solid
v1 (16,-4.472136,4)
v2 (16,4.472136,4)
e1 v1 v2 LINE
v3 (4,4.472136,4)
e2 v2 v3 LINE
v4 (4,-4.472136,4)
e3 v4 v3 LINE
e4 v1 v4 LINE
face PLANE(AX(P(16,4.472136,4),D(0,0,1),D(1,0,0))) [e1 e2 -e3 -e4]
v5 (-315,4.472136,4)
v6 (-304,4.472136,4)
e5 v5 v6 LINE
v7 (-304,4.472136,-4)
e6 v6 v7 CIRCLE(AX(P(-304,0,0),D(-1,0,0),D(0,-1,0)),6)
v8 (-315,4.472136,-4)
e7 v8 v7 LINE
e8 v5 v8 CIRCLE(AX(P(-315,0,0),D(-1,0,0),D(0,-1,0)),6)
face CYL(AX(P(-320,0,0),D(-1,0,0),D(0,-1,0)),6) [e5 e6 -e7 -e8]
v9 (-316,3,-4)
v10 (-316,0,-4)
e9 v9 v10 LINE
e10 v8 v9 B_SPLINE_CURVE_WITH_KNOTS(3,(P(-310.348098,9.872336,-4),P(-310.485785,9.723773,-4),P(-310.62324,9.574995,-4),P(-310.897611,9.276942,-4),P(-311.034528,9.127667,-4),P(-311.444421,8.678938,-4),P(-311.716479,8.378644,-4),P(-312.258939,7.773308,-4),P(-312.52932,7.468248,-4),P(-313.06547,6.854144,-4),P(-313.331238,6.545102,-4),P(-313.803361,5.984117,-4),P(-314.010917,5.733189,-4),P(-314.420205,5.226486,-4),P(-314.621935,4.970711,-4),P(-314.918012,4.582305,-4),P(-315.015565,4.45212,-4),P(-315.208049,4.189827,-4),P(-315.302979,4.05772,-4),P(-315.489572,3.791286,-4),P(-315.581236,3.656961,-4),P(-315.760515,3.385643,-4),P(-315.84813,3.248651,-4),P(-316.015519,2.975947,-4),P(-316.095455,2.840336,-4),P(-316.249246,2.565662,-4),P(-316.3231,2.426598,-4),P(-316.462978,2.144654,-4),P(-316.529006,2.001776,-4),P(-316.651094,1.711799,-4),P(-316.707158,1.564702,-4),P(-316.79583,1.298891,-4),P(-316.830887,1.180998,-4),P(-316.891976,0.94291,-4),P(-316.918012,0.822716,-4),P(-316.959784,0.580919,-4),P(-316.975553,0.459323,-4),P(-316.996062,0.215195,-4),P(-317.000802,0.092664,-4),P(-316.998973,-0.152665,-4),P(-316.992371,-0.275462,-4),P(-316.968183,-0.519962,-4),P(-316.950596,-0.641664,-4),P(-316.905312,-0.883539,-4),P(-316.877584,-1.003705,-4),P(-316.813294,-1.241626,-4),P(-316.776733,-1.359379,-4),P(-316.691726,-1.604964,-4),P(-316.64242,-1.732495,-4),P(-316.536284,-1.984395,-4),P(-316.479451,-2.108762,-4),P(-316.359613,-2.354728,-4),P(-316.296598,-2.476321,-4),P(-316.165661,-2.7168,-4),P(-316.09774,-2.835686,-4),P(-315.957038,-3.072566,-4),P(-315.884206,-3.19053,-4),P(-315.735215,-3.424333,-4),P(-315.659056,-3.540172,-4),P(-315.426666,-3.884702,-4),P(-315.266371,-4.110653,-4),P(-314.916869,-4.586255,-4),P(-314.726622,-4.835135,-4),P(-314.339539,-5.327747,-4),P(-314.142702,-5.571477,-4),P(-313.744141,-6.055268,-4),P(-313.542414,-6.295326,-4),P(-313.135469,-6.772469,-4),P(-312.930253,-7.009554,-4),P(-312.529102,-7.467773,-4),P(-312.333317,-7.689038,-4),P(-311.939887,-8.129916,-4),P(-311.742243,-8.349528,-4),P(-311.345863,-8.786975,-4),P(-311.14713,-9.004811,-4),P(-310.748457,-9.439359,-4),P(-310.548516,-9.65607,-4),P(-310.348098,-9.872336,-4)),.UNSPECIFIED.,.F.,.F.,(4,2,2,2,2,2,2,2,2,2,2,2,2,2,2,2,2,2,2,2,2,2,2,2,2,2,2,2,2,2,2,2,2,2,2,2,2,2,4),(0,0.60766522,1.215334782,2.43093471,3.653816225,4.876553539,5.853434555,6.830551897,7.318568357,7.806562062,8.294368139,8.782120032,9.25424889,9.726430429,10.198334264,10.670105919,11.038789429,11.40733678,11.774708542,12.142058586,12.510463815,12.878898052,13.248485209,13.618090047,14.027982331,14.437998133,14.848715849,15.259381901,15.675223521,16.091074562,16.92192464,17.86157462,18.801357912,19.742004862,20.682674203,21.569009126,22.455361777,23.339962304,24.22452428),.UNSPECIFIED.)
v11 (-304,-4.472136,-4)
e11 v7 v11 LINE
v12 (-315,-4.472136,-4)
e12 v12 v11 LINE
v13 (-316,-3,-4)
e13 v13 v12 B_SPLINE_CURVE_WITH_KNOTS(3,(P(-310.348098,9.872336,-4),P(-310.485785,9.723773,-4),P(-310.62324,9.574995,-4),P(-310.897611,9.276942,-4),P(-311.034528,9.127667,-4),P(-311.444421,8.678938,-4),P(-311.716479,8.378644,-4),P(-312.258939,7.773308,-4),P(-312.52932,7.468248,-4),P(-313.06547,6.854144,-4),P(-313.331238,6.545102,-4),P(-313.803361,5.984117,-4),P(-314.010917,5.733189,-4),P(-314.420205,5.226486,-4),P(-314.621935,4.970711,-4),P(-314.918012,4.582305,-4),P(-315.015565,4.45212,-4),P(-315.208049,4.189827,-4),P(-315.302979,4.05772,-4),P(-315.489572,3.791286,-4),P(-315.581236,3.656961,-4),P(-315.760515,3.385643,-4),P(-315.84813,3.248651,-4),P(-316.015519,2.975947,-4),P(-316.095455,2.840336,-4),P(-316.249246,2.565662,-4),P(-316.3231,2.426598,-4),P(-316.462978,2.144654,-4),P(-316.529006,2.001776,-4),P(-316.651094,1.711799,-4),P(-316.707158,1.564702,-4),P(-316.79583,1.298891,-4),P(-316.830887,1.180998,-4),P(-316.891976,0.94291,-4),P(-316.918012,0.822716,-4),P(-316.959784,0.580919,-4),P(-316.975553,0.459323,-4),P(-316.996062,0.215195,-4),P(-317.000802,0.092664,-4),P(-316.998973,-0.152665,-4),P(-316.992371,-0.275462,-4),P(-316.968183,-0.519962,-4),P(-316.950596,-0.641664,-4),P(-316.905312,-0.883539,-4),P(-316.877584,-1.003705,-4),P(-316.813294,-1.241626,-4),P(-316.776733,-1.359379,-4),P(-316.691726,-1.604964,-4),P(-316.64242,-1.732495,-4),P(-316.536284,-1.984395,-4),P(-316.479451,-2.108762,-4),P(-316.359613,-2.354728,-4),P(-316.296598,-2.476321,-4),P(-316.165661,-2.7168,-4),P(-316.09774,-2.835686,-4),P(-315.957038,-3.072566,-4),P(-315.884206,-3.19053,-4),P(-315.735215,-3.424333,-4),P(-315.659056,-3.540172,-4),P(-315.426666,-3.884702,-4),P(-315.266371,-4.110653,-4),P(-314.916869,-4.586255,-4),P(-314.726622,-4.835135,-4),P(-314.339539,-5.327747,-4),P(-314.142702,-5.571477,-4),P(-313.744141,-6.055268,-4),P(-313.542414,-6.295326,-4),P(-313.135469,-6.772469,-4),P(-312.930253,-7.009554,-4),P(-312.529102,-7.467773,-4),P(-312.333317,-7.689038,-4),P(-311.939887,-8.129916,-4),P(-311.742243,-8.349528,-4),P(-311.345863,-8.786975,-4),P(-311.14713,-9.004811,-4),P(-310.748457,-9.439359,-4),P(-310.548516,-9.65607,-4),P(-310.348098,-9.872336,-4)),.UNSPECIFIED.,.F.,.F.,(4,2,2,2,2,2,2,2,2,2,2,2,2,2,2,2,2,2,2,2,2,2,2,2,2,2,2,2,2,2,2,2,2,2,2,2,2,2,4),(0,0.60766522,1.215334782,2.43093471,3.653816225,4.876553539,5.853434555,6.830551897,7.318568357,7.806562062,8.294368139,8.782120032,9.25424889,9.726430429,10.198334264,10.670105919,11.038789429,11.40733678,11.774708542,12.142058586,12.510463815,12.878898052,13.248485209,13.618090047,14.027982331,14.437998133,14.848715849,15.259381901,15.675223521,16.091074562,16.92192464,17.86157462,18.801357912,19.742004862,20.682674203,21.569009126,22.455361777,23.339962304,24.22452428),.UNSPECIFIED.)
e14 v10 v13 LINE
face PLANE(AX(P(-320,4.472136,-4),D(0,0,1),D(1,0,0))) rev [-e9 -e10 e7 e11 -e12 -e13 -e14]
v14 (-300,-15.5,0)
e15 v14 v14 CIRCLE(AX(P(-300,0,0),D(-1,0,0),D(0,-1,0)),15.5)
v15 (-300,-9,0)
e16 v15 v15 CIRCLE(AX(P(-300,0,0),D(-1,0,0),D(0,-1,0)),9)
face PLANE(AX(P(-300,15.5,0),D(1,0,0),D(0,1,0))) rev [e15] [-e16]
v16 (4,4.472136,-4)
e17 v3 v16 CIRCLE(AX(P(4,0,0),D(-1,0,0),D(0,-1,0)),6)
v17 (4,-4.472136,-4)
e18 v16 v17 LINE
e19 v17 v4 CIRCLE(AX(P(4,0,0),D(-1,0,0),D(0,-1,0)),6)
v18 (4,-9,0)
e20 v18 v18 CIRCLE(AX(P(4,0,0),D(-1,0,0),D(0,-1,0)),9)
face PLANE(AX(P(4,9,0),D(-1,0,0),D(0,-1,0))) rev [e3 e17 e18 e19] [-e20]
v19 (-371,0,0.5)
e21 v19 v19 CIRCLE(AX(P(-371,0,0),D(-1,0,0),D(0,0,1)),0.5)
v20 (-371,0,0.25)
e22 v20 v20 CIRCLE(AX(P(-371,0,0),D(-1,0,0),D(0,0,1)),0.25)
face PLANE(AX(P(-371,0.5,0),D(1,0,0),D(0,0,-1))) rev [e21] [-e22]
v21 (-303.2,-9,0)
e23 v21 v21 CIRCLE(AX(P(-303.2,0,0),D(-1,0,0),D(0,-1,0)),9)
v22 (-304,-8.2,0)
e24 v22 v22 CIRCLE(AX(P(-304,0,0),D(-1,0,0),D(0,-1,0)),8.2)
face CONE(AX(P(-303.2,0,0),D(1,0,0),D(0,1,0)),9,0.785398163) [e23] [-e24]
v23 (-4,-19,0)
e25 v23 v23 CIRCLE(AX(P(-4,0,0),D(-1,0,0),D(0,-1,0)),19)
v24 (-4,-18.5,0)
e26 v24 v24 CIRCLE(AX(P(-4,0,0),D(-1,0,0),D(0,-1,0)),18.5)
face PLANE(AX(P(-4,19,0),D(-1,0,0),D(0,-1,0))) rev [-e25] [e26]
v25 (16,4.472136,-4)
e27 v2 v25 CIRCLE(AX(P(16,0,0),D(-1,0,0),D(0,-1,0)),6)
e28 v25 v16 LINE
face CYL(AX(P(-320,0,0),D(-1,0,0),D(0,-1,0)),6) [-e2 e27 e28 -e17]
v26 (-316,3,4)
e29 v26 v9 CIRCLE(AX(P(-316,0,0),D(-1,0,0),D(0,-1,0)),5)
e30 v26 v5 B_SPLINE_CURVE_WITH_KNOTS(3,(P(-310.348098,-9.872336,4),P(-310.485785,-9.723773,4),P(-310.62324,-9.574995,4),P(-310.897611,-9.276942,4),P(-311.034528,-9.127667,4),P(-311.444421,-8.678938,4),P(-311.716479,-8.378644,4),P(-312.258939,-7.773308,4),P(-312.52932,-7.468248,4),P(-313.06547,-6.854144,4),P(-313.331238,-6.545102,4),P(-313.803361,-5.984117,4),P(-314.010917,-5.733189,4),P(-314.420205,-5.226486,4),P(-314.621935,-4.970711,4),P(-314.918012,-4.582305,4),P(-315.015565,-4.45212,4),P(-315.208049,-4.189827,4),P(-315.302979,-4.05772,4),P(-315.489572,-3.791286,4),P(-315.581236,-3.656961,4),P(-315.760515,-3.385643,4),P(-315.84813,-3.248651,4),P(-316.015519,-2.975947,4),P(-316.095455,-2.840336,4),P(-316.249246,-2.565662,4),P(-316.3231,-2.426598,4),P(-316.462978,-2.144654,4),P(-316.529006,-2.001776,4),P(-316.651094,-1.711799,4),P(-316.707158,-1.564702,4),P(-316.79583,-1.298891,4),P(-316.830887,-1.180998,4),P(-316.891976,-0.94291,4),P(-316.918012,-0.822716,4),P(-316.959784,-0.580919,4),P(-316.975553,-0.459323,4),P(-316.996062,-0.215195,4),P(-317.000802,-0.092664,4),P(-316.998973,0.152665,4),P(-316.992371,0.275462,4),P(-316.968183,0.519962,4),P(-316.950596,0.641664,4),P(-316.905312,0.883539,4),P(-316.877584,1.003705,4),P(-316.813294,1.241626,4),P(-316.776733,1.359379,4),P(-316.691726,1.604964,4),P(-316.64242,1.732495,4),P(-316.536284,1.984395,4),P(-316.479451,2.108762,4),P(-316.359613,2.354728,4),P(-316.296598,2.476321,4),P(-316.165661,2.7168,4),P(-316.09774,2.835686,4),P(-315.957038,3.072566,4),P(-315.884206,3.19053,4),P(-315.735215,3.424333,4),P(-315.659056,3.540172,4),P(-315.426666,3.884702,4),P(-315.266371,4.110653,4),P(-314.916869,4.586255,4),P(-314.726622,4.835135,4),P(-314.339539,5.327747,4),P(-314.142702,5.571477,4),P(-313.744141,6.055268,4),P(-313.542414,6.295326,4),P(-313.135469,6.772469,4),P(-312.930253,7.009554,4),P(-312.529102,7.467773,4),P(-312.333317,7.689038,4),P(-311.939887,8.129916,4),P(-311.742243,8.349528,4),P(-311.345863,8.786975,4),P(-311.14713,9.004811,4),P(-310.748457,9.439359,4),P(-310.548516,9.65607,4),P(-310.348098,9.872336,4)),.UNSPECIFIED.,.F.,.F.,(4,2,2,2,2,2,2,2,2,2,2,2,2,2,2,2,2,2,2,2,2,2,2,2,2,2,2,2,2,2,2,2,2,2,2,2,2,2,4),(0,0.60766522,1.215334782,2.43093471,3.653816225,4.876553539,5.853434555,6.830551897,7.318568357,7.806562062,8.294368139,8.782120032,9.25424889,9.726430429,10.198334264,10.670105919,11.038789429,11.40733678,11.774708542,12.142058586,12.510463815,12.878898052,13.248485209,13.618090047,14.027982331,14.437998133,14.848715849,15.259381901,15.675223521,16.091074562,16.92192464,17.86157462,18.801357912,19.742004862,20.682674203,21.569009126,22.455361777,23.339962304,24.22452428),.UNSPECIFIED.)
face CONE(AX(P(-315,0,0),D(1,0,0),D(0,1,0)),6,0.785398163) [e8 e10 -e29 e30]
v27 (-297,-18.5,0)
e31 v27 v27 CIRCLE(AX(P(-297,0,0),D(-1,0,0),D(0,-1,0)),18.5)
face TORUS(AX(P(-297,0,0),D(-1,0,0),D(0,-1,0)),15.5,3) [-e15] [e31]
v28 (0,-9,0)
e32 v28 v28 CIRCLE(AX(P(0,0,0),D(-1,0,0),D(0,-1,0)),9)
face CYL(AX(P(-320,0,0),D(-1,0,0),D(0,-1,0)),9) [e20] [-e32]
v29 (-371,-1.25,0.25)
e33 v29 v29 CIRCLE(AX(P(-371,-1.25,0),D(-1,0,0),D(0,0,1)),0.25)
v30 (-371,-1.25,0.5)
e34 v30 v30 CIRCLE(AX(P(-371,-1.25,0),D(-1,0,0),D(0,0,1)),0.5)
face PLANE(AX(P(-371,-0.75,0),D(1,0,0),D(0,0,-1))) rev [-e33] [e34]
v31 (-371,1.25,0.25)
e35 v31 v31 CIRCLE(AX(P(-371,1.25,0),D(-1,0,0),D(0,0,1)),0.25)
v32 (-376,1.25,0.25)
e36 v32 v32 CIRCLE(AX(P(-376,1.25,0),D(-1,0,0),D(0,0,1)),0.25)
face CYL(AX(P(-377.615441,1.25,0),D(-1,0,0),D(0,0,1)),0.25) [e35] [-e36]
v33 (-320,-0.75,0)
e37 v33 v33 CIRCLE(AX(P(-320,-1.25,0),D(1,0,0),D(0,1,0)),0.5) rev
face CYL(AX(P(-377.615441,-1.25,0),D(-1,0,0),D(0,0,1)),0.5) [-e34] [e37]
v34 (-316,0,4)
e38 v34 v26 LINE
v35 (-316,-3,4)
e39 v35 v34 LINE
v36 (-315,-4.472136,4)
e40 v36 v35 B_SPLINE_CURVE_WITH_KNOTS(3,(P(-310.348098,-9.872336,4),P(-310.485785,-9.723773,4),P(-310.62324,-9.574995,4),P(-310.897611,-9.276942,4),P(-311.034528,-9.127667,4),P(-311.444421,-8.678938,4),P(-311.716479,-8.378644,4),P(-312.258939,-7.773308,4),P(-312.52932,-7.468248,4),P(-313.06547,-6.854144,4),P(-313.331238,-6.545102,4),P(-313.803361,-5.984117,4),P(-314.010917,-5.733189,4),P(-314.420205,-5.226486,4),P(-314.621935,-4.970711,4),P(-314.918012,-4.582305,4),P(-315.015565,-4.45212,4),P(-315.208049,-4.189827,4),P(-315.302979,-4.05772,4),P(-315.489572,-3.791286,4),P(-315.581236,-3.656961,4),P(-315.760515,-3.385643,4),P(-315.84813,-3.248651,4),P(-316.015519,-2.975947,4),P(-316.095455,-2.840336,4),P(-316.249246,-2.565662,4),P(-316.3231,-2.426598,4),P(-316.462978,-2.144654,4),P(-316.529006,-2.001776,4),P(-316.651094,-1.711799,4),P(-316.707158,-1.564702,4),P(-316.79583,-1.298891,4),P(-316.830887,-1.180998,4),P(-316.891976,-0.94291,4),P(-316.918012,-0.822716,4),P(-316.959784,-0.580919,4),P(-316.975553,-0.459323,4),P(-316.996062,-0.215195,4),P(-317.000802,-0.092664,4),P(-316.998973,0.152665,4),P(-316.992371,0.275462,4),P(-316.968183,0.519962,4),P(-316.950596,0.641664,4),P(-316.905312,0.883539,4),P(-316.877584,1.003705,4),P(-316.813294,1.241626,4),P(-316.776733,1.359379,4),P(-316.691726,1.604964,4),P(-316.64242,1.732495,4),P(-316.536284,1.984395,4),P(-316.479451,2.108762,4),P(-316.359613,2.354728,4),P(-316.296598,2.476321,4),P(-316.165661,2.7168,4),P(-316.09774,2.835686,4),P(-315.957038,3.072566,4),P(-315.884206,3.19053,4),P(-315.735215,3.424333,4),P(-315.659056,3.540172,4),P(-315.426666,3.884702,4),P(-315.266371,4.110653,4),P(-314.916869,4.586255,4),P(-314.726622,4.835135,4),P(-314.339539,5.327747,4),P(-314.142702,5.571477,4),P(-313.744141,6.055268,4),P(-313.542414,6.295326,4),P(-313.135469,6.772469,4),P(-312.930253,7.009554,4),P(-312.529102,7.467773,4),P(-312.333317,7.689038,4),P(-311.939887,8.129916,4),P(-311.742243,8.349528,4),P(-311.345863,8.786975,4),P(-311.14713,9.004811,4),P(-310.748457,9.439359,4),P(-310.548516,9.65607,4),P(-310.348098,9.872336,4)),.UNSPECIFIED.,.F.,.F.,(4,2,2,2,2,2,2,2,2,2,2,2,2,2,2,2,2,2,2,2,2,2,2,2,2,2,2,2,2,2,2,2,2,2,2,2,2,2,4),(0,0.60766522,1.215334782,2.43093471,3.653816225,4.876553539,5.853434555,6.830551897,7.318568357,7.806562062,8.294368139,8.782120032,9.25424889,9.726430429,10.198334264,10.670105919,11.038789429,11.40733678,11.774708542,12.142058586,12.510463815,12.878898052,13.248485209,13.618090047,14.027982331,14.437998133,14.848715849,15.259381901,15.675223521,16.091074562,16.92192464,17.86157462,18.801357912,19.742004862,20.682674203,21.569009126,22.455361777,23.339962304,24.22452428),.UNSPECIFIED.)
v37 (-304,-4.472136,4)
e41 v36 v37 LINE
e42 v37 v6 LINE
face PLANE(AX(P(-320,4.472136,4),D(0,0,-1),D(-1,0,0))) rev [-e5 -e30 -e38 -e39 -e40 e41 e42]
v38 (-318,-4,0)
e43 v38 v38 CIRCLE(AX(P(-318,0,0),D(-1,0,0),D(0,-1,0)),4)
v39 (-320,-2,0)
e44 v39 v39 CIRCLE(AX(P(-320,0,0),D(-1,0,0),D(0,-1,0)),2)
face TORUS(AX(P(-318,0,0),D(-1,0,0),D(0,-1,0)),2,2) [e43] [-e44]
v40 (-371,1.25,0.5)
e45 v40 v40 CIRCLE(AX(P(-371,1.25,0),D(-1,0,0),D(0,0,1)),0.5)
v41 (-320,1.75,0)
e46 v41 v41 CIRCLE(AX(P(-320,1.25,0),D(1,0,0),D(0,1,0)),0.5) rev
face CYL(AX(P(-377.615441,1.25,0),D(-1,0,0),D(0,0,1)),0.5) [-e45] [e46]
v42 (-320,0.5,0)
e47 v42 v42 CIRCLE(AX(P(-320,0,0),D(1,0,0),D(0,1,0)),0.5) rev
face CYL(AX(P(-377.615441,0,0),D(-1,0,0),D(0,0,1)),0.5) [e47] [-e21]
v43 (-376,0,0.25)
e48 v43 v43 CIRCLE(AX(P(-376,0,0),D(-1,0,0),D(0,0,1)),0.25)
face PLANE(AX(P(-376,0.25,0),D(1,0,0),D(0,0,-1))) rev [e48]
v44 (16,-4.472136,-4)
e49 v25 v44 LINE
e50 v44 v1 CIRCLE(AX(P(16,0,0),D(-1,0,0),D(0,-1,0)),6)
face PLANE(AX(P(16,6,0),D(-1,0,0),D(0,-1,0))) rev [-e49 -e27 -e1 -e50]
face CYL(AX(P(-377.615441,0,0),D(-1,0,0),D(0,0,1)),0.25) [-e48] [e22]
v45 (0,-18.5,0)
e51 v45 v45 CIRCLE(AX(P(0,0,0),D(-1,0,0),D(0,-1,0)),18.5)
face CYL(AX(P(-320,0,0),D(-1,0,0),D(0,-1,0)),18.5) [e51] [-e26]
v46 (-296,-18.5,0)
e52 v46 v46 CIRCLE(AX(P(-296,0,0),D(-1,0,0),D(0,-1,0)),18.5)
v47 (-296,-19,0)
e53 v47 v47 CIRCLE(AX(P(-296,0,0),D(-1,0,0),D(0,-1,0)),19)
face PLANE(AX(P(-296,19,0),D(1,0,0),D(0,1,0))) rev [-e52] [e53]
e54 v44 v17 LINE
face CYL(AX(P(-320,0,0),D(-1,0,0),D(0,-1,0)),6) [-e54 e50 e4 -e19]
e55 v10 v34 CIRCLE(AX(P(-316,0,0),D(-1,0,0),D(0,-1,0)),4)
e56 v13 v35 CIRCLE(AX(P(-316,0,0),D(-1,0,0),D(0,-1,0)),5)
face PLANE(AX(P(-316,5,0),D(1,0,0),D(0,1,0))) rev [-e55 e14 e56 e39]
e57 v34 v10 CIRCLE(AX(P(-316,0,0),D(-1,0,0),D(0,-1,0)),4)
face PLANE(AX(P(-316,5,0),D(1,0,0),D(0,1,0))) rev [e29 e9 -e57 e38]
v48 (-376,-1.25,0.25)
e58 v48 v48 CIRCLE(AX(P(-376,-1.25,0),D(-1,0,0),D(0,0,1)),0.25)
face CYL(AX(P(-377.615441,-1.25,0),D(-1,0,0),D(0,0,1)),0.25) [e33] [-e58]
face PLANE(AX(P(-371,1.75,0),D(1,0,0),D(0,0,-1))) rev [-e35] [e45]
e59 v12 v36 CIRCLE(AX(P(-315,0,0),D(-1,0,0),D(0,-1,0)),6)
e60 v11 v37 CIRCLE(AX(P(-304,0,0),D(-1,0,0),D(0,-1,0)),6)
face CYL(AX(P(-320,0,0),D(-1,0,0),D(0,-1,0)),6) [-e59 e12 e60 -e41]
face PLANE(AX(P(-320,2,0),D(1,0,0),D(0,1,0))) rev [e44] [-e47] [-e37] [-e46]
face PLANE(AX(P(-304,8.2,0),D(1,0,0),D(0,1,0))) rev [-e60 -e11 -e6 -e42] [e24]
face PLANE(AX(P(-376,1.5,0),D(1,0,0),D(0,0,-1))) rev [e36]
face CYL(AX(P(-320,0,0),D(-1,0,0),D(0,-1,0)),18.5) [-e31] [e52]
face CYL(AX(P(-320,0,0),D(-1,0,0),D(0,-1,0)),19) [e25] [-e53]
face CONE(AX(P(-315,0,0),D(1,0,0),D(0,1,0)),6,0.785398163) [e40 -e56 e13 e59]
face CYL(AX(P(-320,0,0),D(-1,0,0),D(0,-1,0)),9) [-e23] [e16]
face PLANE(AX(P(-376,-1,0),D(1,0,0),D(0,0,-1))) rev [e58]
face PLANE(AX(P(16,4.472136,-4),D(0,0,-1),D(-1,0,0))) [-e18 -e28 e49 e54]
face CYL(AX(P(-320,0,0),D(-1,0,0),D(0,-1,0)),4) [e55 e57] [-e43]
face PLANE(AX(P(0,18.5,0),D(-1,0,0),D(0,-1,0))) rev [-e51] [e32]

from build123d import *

# Parameters (mm, degrees)
CUT_EXTRUDE1_DEPTH = 326.112288294
CUT_EXTRUDE2_DEPTH = 322.126143439
LPATTERN1_COUNT    = 3
LPATTERN1_PITCH    = 1.25


with BuildPart() as part:
    # Sketch2 → Revolve2 (revolve)
    with BuildSketch(Plane.XY, mode=Mode.PRIVATE) as revolve2_sk:
        with BuildLine():
            Line((-4, 18.5), (0, 18.5))
            Line((0, 18.5), (0, 9))
            Line((0, 9), (4, 9))
            Line((4, 9), (4, 6))
            Line((4, 6), (16, 6))
            Line((16, 6), (16, 0))
            Line((16, 0), (-320, 0))
            Line((-320, 0), (-320, 2))
            ThreePointArc((-320, 2), (-319.414213562, 3.414213562), (-318, 4))
            Line((-318, 4), (-316, 4))
            Line((-316, 4), (-316, 5))
            Line((-316, 5), (-315, 6))
            Line((-315, 6), (-304, 6))
            Line((-304, 6), (-304, 8.2))
            Line((-304, 8.2), (-303.2, 9))
            Line((-303.2, 9), (-300, 9))
            Line((-300, 9), (-300, 15.5))
            ThreePointArc((-300, 15.5), (-299.121320344, 17.621320344), (-297, 18.5))
            Line((-297, 18.5), (-296, 18.5))
            Line((-296, 18.5), (-296, 19))
            Line((-296, 19), (-4, 19))
            Line((-4, 19), (-4, 18.5))
        make_face()
    revolve(revolve2_sk.sketch.rotate(Axis((-320, 0, 0), (1, 0, 0)), 180), axis=Axis((-320, 0, 0), (1, 0, 0)))

    # Sketch3 → Cut-Extrude1 (cut, through all)
    with BuildSketch(Plane(origin=(4, 0, 0), x_dir=(0, 0, -1), z_dir=(1, 0, 0))):
        with BuildLine():
            Line((-4, 4.472135955), (-4, -4.472135955))
            ThreePointArc((-4, -4.472135955), (-6, 0), (-4, 4.472135955))
        make_face()
        with BuildLine():
            Line((4, 4.472135955), (4, -4.472135955))
            ThreePointArc((4, -4.472135955), (6, 0), (4, 4.472135955))
        make_face()
    extrude(amount=CUT_EXTRUDE1_DEPTH, mode=Mode.SUBTRACT)

    # Sketch4 → Cut-Extrude2 (cut, through all)
    with BuildSketch(Plane(origin=(-304, 0, 0), x_dir=(0, 0, -1), z_dir=(1, 0, 0))):
        with BuildLine():
            Line((-4, 4.472135955), (-4, -4.472135955))
            ThreePointArc((-4, -4.472135955), (-6, 0), (-4, 4.472135955))
        make_face()
        with BuildLine():
            Line((4, 4.472135955), (4, -4.472135955))
            ThreePointArc((4, -4.472135955), (6, 0), (4, 4.472135955))
        make_face()
    extrude(amount=-CUT_EXTRUDE2_DEPTH, mode=Mode.SUBTRACT)

    # Sketch8 → Revolve3 (revolve)
    with BuildSketch(Plane.XY, mode=Mode.PRIVATE) as revolve3_sk:
        Polygon((-316, 1.75), (-371, 1.75), (-371, 1.5), (-376, 1.5), (-376, 1.25), (-316, 1.25), align=None)
    revolve3 = revolve(revolve3_sk.sketch.rotate(Axis((-377.615440864, 1.25, 0), (1, 0, 0)), 90), axis=Axis((-377.615440864, 1.25, 0), (1, 0, 0)))

    # LPattern1: Revolve3 ×3
    with Locations(*[(0, -i * LPATTERN1_PITCH, 0) for i in range(1, LPATTERN1_COUNT)]):
        add(revolve3)


solid = part.part
